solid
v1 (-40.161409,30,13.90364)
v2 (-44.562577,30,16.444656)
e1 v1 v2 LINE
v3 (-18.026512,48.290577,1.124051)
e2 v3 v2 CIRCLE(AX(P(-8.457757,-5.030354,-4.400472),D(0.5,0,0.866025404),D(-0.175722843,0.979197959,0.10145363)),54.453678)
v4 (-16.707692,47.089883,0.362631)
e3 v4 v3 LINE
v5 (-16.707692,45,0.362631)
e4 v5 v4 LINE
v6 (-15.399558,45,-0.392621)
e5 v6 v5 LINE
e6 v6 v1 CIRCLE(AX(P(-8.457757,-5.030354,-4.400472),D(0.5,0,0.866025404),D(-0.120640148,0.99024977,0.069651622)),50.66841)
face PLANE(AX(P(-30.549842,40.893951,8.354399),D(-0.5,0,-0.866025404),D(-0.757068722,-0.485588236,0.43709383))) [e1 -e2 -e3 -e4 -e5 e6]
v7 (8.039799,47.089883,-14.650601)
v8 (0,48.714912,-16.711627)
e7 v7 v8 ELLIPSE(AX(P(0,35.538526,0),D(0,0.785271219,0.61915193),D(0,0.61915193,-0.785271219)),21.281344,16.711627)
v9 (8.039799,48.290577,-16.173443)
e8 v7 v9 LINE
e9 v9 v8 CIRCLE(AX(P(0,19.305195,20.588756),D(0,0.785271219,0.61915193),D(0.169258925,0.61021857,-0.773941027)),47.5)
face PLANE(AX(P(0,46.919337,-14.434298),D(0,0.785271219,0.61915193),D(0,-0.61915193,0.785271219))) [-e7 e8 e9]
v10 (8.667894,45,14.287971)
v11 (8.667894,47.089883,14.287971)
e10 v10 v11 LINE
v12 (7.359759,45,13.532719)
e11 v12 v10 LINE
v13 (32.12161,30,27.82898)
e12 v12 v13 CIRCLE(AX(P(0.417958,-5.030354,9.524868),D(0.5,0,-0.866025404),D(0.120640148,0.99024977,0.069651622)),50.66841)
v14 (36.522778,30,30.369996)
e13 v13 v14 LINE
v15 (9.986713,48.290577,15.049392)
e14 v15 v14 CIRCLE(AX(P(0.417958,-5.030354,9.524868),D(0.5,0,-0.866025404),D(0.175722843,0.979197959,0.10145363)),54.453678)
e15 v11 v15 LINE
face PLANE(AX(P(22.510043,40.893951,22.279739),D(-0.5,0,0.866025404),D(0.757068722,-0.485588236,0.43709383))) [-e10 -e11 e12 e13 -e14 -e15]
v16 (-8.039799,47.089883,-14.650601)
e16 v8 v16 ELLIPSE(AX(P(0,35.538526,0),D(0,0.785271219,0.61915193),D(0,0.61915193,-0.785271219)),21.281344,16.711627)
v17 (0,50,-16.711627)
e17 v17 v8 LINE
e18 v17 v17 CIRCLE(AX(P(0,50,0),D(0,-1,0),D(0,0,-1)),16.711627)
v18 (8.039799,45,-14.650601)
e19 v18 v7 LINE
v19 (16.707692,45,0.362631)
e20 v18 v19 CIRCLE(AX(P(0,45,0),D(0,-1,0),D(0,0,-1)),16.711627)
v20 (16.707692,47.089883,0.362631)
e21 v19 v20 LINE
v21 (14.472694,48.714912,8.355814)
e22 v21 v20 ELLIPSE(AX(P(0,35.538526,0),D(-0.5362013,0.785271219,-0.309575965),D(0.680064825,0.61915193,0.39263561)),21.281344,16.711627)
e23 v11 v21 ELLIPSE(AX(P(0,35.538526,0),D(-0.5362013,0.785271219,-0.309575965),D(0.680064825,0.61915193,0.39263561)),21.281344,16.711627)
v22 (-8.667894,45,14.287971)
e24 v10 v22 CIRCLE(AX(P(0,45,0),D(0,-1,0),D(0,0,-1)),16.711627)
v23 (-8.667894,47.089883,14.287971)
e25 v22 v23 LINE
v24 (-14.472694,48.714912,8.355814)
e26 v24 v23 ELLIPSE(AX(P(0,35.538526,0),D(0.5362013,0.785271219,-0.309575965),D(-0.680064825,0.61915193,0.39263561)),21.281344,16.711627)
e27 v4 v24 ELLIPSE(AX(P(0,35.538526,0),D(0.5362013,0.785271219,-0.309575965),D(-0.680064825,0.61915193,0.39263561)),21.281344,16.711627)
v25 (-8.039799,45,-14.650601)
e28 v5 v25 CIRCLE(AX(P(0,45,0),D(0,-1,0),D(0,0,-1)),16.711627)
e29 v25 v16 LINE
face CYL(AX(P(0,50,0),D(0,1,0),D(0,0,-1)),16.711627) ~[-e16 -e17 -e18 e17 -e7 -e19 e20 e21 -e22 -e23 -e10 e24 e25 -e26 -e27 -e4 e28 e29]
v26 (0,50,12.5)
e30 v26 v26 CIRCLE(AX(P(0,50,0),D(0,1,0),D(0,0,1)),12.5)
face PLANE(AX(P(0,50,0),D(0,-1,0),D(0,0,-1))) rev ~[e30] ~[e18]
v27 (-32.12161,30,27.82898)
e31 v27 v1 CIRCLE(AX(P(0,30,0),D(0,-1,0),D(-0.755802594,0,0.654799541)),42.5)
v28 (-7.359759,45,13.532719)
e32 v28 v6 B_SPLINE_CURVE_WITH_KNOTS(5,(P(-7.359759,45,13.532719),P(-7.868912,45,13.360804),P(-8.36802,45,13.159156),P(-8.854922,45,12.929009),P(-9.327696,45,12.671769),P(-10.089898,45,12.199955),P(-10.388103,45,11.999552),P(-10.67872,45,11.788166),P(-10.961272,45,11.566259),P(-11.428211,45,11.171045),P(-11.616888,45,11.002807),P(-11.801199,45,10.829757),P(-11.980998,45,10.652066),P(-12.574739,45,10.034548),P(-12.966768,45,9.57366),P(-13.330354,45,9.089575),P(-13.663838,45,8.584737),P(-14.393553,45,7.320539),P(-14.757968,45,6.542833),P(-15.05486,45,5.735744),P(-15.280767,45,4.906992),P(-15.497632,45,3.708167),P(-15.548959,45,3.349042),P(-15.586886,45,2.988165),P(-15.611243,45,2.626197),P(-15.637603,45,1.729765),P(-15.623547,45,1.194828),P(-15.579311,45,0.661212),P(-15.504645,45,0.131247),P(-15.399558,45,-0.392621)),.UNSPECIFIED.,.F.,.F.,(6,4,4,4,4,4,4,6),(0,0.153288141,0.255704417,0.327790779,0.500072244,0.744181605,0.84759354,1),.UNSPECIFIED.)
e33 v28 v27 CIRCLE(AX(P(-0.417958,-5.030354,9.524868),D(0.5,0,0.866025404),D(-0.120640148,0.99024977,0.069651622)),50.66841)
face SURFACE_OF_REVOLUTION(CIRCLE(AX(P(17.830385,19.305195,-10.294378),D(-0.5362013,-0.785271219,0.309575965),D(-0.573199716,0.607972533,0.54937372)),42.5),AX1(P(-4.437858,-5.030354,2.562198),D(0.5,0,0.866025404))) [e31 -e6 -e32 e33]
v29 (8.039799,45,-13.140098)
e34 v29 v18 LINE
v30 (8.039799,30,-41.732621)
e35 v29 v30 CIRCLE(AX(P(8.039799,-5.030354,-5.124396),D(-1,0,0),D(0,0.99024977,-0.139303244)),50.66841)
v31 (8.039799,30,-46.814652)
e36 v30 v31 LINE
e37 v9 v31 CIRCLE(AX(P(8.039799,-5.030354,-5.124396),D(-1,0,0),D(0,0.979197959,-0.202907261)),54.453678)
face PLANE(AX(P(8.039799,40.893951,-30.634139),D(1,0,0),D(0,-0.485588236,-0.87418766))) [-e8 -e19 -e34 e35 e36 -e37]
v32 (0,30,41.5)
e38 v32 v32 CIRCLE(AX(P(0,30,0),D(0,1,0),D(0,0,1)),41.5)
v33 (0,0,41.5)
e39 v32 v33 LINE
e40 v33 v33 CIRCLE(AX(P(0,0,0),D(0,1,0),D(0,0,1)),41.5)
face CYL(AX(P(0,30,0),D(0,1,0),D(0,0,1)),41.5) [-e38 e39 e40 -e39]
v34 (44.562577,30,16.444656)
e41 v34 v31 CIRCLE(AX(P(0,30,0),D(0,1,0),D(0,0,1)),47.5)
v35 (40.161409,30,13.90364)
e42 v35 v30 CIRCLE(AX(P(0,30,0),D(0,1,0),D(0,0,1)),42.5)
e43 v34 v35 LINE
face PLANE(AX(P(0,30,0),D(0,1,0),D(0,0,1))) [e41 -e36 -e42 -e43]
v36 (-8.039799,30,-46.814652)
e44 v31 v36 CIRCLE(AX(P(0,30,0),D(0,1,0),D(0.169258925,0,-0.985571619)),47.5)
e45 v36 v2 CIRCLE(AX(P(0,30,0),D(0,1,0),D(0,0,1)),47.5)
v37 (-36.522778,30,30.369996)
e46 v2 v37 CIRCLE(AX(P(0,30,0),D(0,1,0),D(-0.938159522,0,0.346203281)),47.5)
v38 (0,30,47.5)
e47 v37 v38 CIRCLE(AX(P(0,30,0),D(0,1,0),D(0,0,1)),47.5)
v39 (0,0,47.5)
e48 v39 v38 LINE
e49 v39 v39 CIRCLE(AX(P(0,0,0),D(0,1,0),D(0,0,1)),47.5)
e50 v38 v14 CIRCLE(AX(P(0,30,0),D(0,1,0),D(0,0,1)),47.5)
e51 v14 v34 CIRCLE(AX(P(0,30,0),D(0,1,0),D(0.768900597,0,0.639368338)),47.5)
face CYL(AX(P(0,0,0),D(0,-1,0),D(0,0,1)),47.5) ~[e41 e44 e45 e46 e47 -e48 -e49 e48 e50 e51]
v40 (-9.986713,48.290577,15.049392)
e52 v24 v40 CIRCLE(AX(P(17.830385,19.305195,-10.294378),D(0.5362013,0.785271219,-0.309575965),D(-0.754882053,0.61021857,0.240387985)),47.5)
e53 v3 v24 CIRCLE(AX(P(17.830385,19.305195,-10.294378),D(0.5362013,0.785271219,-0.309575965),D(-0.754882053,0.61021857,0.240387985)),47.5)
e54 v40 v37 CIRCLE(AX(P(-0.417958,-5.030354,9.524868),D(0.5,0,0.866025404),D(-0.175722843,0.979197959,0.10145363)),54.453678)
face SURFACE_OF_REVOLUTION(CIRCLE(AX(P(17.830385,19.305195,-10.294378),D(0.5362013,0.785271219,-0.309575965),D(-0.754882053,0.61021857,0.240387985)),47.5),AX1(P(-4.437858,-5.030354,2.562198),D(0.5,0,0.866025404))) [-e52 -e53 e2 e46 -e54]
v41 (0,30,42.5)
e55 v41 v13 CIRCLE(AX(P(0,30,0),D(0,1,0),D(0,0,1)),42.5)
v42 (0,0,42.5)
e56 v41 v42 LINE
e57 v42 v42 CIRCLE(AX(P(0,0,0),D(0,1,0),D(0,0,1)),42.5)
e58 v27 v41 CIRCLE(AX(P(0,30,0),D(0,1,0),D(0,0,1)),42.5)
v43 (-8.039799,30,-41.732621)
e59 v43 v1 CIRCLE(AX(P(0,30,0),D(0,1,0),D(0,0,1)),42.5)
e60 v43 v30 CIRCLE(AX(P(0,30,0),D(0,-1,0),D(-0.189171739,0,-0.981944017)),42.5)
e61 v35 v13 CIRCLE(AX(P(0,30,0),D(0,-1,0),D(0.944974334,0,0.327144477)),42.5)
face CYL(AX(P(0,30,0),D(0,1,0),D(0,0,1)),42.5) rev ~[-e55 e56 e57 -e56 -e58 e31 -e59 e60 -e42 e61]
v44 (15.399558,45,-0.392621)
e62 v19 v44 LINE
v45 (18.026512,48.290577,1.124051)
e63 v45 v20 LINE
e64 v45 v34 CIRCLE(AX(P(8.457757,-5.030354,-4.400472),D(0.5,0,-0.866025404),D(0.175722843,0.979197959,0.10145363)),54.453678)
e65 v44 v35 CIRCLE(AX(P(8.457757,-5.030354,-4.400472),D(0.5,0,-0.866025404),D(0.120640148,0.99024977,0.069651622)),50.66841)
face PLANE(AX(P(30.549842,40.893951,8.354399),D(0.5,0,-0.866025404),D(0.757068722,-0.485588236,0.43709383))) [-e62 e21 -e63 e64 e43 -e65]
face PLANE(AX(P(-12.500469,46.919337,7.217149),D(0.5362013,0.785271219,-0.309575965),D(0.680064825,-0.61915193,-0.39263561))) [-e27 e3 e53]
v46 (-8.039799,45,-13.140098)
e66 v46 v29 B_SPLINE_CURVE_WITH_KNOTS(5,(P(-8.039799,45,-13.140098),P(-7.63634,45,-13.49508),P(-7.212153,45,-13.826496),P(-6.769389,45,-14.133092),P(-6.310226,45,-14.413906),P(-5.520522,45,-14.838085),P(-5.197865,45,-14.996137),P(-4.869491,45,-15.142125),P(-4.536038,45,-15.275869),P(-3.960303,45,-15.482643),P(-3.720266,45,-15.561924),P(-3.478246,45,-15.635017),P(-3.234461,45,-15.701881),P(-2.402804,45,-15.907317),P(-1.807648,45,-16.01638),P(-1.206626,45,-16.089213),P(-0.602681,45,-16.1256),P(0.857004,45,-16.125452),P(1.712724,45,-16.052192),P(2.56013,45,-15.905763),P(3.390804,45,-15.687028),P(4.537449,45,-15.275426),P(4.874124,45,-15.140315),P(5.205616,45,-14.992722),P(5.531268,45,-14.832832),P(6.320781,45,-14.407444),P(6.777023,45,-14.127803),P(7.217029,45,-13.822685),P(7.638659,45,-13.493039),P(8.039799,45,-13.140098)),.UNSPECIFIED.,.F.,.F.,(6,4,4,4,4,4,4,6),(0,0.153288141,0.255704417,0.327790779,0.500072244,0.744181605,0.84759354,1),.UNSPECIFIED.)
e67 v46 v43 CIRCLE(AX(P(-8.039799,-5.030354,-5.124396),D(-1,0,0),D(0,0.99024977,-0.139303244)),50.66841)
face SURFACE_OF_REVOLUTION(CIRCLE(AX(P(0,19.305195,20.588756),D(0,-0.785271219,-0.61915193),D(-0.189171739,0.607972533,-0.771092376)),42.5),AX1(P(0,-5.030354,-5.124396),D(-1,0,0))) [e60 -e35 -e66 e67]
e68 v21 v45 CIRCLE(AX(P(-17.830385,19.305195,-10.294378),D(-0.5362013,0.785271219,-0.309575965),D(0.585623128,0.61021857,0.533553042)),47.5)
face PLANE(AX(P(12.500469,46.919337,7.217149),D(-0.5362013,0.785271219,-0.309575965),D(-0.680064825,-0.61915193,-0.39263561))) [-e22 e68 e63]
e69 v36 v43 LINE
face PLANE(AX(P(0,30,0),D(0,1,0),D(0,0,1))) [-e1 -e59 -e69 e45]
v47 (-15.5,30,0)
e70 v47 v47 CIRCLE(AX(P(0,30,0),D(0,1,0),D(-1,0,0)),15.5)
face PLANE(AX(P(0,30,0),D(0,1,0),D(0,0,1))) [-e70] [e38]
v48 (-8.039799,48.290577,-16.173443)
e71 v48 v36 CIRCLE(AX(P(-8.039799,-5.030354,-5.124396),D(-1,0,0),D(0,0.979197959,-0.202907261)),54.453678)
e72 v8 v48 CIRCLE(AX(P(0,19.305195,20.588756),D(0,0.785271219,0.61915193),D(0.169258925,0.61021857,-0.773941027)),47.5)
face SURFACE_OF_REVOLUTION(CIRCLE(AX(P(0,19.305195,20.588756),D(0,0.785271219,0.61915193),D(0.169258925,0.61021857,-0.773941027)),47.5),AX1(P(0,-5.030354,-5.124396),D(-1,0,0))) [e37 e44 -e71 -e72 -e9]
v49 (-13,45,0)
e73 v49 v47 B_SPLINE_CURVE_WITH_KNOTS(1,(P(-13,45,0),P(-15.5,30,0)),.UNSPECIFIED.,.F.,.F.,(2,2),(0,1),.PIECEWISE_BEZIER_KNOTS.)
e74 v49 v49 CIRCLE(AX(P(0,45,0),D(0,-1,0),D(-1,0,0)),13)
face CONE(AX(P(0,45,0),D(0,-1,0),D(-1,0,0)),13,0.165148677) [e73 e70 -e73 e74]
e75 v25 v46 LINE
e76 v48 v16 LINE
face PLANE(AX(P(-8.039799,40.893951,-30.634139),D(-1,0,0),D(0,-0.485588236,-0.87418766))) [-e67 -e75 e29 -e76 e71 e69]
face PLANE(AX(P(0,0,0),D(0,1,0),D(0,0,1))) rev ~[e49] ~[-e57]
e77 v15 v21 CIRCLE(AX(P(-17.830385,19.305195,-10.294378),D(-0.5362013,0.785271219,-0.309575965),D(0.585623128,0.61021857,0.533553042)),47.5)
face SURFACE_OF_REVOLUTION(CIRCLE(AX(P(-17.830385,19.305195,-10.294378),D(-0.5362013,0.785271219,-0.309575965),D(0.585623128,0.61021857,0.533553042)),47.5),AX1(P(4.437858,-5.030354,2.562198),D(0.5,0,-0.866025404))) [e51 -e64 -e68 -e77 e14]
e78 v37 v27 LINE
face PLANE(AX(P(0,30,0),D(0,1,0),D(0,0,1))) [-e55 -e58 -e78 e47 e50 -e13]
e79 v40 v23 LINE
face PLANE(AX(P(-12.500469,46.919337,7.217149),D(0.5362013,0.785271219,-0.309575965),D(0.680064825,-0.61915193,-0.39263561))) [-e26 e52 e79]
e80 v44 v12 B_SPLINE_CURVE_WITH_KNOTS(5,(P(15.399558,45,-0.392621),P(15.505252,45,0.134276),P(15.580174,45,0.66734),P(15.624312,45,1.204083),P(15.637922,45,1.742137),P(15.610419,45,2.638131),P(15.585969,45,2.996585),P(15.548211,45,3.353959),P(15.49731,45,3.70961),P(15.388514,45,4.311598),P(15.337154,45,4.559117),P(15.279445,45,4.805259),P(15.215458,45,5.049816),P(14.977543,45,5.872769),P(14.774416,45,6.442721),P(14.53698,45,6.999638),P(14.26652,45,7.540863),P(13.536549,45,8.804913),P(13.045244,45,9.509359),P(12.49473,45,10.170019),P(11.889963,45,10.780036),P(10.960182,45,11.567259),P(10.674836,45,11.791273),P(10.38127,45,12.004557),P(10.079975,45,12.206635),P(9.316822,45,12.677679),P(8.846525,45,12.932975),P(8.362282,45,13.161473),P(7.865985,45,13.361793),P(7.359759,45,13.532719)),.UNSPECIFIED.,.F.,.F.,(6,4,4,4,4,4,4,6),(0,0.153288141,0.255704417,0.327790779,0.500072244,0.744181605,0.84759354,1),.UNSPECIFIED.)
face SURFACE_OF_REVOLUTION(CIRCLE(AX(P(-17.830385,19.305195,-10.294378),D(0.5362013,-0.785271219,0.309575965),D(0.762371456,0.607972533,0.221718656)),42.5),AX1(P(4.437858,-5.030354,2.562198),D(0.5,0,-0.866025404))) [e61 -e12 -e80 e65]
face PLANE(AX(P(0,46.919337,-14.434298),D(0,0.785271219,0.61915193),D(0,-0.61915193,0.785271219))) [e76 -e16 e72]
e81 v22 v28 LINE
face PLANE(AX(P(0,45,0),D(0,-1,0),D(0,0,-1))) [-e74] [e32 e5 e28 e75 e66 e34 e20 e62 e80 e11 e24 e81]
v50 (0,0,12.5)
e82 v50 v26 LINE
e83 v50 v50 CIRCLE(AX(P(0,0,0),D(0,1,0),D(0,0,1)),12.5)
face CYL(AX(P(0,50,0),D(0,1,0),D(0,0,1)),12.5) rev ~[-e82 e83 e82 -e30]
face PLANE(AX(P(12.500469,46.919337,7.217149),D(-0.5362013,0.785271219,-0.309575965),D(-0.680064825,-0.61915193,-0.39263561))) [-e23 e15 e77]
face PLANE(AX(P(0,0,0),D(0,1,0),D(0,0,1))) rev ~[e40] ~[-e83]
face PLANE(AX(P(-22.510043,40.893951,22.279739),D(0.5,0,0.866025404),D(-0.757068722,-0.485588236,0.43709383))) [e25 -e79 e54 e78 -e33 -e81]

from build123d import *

# Parameters (mm, degrees)
SKETCH1_R           = 47.5
BOSS_EXTRUDE1_DEPTH = 30
SKETCH2_R           = 12.5
CUT_EXTRUDE1_DEPTH  = 30
SKETCH3_R           = 42.5
SKETCH3_R_2         = 41.5
CUT_EXTRUDE3_DEPTH  = 74.569694848
SKETCH6_R           = 13
SKETCH5_R           = 15.5
SKETCH9_R           = 12
CUT_EXTRUDE4_DEPTH  = 81.854808144
CIRPATTERN1_COUNT   = 3
SKETCH18_R          = 16.711627315
BOSS_EXTRUDE3_DEPTH = 5
SKETCH19_R          = 12.5
CUT_EXTRUDE5_DEPTH  = 84.740671179


with BuildPart() as part:
    # Sketch1 → Boss-Extrude1 (new body)
    with BuildSketch(Plane(origin=(0, 0, 0), x_dir=(1, 0, 0), z_dir=(0, 1, 0))):
        with Locations(Location((0, 0, 0), (0, 0, 270))):
            Circle(SKETCH1_R)
    extrude(amount=BOSS_EXTRUDE1_DEPTH)

    # Sketch2 → Cut-Extrude1 (cut)
    with BuildSketch(Plane(origin=(0, 30, 0), x_dir=(1, 0, 0), z_dir=(0, 1, 0))):
        with Locations(Location((0, 0, 0), (0, 0, 270))):
            Circle(SKETCH2_R)
    extrude(amount=-CUT_EXTRUDE1_DEPTH, mode=Mode.SUBTRACT)

    # Sketch3 → Cut-Extrude3 (cut, through all)
    with BuildSketch(Plane(origin=(0, 30, 0), x_dir=(1, 0, 0), z_dir=(0, 1, 0))):
        with Locations(Location((0, 0, 0), (0, 0, 270))):
            Circle(SKETCH3_R)
        with Locations(Location((0, 0, 0), (0, 0, 270))):
            Circle(SKETCH3_R_2, mode=Mode.SUBTRACT)
    extrude(amount=-CUT_EXTRUDE3_DEPTH, mode=Mode.SUBTRACT)


with BuildPart() as cut_extrude3_piece_1:
    # of the separate pieces the step leaves, piece 1, a body of its own (cut_extrude3_pieces)
    add(part.part.solids().sort_by_distance((0, 0, 41.5))[0])

    # Sketch6 → Loft1 section 0
    with BuildSketch(Plane(origin=(0, 45, 0), x_dir=(-1, 0, 0), z_dir=(0, -1, 0))):
        Circle(SKETCH6_R)
    # Sketch5 → Loft1 section 1
    with BuildSketch(Plane(origin=(0, 30, 0), x_dir=(1, 0, 0), z_dir=(0, 1, 0))):
        Circle(SKETCH5_R)
    loft()

    # Sketch9 → Cut-Extrude4 (cut, through all)
    with BuildSketch(Plane(origin=(0, 45, 0), x_dir=(1, 0, 0), z_dir=(0, 1, 0))):
        with Locations(Location((0, 0, 0), (0, 0, 270))):
            Circle(SKETCH9_R)
    extrude(amount=-CUT_EXTRUDE4_DEPTH, mode=Mode.SUBTRACT)



with BuildPart() as cut_extrude3_piece_2:
    # of the separate pieces the step leaves, piece 2, a body of its own (cut_extrude3_pieces)
    add(part.part.solids().sort_by_distance((0, 0, 47.5))[0])

    # Sweep1: sweep along a path in Sketch13
    with BuildLine(Plane(origin=(0, 0, 0), x_dir=(0, 0, -1), z_dir=(1, 0, 0))) as sweep1_path:
        ThreePointArc((12, 45), (28.013623807, 39.985126821), (41.5, 30))
    # Sketch10 → Sweep1 (sweep)
    with BuildSketch(Plane(origin=(0, 30, 0), x_dir=(1, 0, 0), z_dir=(0, 1, 0))):
        with BuildLine():
            Line((8.039798927, 41.732620733), (8.039798927, 46.814651907))
            ThreePointArc((8.039798927, 46.814651907), (0, 47.5), (-8.039798927, 46.814651907))
            Line((-8.039798927, 46.814651907), (-8.039798927, 41.732620733))
            ThreePointArc((-8.039798927, 41.732620733), (0, 42.5), (8.039798927, 41.732620733))
        make_face()
    sweep1 = sweep(path=sweep1_path.line)

    # CirPattern1: Sweep1 ×3 about axis
    cirpattern1_axis = Axis((0, 30, 0), (0, 1, 0))
    for i in range(1, CIRPATTERN1_COUNT):
        add(sweep1.rotate(cirpattern1_axis, i * 360 / CIRPATTERN1_COUNT))


with BuildPart() as cut_extrude3_piece_1_1:
    add(cut_extrude3_piece_1.part)

    add(cut_extrude3_piece_2.part)  # Boss-Extrude3 merges Cut-Extrude3 piece 2
    # Sketch18 → Boss-Extrude3 (add)
    with BuildSketch(Plane(origin=(0, 50, 0), x_dir=(-1, 0, 0), z_dir=(0, -1, 0))):
        with Locations(Location((0, 0, 0), (0, 0, 90))):
            Circle(SKETCH18_R)
    extrude(amount=BOSS_EXTRUDE3_DEPTH)

    # Sketch19 → Cut-Extrude5 (cut, through all)
    with BuildSketch(Plane(origin=(0, 50, 0), x_dir=(1, 0, 0), z_dir=(0, 1, 0))):
        with Locations(Location((0, 0, 0), (0, 0, 270))):
            Circle(SKETCH19_R)
    extrude(amount=-CUT_EXTRUDE5_DEPTH, mode=Mode.SUBTRACT)


solid = cut_extrude3_piece_1_1.part
